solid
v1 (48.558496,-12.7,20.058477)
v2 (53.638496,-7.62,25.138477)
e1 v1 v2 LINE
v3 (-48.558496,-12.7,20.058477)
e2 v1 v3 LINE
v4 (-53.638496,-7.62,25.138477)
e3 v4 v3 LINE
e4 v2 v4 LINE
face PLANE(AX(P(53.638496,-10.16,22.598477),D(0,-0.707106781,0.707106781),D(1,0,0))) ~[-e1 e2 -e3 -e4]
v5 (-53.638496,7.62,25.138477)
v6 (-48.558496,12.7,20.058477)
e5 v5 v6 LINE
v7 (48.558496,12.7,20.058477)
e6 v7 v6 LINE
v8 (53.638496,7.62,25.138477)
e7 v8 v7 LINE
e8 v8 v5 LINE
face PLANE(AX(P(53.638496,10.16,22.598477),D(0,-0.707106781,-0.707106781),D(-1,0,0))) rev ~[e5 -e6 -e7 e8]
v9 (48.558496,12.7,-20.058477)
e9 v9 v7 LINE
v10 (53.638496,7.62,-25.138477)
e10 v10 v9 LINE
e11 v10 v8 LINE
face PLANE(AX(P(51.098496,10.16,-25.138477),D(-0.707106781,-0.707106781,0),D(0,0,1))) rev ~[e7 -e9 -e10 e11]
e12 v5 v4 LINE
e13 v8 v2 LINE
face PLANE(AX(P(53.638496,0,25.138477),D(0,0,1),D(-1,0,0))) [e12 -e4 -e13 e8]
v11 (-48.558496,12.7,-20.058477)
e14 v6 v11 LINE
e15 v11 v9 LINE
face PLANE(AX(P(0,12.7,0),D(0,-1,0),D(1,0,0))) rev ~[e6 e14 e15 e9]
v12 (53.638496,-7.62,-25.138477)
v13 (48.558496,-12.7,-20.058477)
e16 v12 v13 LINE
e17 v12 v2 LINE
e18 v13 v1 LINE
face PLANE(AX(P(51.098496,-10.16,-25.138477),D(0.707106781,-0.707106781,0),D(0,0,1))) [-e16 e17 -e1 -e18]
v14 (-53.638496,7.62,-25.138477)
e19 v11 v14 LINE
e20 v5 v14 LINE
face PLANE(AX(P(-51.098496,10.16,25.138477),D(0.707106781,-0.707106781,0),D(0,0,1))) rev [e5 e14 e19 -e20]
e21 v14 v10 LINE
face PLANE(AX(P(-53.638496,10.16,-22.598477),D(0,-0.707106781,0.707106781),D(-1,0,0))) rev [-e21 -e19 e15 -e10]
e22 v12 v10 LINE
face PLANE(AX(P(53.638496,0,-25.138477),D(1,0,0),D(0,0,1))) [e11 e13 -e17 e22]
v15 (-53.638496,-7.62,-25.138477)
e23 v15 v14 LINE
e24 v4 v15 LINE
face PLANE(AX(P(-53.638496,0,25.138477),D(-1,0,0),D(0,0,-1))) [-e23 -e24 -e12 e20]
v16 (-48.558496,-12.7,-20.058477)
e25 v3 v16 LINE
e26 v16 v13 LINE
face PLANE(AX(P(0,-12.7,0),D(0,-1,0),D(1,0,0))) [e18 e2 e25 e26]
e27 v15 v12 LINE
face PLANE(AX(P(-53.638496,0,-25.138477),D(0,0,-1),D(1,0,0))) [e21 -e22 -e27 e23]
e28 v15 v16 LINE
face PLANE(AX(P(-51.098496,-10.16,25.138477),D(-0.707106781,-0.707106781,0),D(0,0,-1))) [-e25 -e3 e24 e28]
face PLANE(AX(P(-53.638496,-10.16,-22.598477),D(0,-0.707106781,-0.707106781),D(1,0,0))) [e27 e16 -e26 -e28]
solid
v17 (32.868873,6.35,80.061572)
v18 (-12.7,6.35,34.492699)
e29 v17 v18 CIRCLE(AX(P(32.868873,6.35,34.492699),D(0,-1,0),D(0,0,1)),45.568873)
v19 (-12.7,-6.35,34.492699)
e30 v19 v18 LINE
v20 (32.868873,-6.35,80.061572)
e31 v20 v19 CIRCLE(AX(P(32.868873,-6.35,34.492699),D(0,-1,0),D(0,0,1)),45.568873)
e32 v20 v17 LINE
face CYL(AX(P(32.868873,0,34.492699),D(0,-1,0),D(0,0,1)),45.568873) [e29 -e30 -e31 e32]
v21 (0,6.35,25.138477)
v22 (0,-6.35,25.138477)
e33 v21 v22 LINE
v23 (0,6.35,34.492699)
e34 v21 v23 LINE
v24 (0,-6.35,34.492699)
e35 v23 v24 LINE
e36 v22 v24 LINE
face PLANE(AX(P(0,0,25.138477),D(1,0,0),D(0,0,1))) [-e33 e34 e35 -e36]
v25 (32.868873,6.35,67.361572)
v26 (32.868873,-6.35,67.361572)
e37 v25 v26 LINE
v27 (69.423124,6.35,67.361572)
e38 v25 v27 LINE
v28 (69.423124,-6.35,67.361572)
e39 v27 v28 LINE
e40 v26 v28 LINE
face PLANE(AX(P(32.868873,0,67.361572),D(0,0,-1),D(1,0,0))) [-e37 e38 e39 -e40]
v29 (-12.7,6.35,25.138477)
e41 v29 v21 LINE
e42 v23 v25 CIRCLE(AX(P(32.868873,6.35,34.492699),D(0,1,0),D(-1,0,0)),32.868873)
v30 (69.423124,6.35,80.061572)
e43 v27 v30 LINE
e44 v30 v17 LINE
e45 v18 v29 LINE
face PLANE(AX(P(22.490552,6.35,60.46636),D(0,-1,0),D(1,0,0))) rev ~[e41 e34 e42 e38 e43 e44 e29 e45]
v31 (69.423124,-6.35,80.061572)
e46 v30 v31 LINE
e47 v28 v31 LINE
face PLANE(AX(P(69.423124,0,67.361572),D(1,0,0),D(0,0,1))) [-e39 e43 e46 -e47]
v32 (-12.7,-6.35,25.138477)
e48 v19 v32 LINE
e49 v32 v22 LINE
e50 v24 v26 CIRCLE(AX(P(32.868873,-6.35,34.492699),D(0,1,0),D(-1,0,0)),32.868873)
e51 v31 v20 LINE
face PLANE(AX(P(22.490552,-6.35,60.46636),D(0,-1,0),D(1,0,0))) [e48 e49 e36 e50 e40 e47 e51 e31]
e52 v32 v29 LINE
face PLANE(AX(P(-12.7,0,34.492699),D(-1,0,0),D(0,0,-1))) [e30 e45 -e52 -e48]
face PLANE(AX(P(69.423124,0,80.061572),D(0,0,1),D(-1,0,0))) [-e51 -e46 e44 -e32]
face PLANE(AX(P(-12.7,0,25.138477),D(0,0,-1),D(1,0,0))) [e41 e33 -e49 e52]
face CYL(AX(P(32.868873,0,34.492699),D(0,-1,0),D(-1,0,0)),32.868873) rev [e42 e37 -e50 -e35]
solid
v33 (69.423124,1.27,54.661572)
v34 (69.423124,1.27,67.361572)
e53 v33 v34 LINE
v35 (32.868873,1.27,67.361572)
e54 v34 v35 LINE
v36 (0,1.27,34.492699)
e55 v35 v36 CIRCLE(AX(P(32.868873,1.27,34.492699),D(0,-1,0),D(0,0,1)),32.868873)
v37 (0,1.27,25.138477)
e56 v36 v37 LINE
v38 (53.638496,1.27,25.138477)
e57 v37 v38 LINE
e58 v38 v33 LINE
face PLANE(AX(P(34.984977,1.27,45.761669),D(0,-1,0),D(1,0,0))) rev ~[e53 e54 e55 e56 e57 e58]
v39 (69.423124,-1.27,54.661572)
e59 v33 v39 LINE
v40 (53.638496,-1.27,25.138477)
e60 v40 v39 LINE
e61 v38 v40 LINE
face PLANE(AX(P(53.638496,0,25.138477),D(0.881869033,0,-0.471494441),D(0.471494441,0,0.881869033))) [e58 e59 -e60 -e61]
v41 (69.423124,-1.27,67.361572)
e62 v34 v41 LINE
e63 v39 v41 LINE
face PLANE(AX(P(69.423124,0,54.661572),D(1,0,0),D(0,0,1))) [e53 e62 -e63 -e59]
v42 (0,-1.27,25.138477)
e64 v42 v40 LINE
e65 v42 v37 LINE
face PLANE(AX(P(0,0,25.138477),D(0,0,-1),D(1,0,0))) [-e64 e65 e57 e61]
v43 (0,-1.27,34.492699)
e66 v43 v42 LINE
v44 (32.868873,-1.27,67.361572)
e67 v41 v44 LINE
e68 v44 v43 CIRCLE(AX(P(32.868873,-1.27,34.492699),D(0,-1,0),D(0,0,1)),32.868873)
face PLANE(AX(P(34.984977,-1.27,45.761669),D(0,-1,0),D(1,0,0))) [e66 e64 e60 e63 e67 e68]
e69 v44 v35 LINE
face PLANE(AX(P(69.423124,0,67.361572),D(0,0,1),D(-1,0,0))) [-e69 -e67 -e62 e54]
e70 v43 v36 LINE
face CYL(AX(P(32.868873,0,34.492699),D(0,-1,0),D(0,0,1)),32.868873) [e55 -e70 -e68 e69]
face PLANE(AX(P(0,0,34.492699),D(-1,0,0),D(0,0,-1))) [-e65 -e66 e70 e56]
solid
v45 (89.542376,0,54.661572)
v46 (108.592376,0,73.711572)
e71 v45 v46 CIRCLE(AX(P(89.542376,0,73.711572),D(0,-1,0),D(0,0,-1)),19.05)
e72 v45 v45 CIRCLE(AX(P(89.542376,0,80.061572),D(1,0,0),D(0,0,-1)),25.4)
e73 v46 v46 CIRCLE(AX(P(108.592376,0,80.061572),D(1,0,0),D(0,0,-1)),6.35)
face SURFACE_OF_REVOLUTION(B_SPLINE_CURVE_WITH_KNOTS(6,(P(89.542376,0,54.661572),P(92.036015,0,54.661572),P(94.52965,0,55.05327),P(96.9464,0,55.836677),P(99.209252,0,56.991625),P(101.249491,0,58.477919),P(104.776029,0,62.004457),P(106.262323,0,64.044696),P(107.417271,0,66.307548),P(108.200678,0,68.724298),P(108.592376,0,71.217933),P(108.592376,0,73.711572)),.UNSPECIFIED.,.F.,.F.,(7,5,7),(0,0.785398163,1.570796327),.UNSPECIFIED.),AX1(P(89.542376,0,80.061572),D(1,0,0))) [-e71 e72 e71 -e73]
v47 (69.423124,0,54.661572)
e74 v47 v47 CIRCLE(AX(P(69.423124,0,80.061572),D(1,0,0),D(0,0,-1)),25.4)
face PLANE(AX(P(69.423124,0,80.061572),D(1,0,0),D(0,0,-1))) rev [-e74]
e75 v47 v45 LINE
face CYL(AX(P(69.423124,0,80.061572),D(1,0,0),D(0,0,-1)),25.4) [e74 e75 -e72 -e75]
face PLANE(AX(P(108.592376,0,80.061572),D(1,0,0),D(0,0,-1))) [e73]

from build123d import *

# Parameters (mm, degrees)
F1_DEPTH = 12.7
F3_DEPTH = 6.35
F4_DEPTH = 1.27
F5_R     = 19.05
F6_SIZE  = 5.08
F7_SIZE  = 5.08


with BuildPart() as f1:
    # F0 (on Front) → F1 (new body, symmetric)
    with BuildSketch(Plane.XZ):
        Polygon((53.6384955049, -25.1384768635), (53.6384955049, 25.1384768635), (0, 25.1384768635), (-12.7, 25.1384768635), (-53.6384955049, 25.1384768635), (-53.6384955049, -25.1384768635), align=None)
    extrude(amount=F1_DEPTH, both=True)

    # F6
    f6_edges = [f1.edges().sort_by_distance(p)[0] for p in [
        (-53.638496, -12.7, 0),
        (0, -12.7, 25.138477),
        (53.638496, -12.7, 0),
        (0, -12.7, -25.138477),
    ]]
    chamfer(f6_edges, length=F6_SIZE)

    # F7
    f7_edges = [f1.edges().sort_by_distance(p)[0] for p in [
        (0, 12.7, 25.138477),
        (53.638496, 12.7, 0),
        (0, 12.7, -25.138477),
        (-53.638496, 12.7, 0),
    ]]
    chamfer(f7_edges, length=F7_SIZE)


with BuildPart() as f2:
    # F0 (on Front) → F2 (revolve)
    with BuildSketch(Plane.XZ):
        Polygon((69.4231241941, 67.3615719795), (69.4231241941, 54.6615719795), (108.5923761129, 54.6615719795), (108.5923761129, 80.0615719795), (89.0077501535, 80.0615719795), (69.4231241941, 80.0615719795), align=None)
    revolve(axis=Axis((89.0077501535, 0, 80.0615719795), (1, 0, 0)))

    # F5
    f5_edges = [f2.edges().sort_by_distance(p)[0] for p in [
        (108.592376, 0, 105.461572),
    ]]
    fillet(f5_edges, radius=F5_R)


with BuildPart() as f3:
    # F0 (on Front) → F3 (new body, symmetric)
    with BuildSketch(Plane.XZ):
        with BuildLine():
            Line((-12.7, 25.1384768635), (0, 25.1384768635))
            Line((0, 25.1384768635), (0, 34.4926992388))
            ThreePointArc((0, 34.4926992388), (9.6270699358, 57.7345020437), (32.8688727407, 67.3615719795))
            Line((32.8688727407, 67.3615719795), (69.4231241941, 67.3615719795))
            Line((69.4231241941, 67.3615719795), (69.4231241941, 80.0615719795))
            Line((69.4231241941, 80.0615719795), (32.8688727407, 80.0615719795))
            ThreePointArc((32.8688727407, 80.0615719795), (0.6468138147, 66.7147581648), (-12.7, 34.4926992388))
            Line((-12.7, 34.4926992388), (-12.7, 25.1384768635))
        make_face()
    extrude(amount=F3_DEPTH, both=True)


with BuildPart() as f4:
    # F0 (on Front) → F4 (new body, symmetric)
    with BuildSketch(Plane.XZ):
        with BuildLine():
            Line((0, 25.1384768635), (53.6384955049, 25.1384768635))
            Line((53.6384955049, 25.1384768635), (69.4231241941, 54.6615719795))
            Line((69.4231241941, 54.6615719795), (69.4231241941, 67.3615719795))
            Line((69.4231241941, 67.3615719795), (32.8688727407, 67.3615719795))
            ThreePointArc((32.8688727407, 67.3615719795), (9.6270699358, 57.7345020437), (0, 34.4926992388))
            Line((0, 34.4926992388), (0, 25.1384768635))
        make_face()
    extrude(amount=F4_DEPTH, both=True)


solid = Compound([f1.part, f2.part, f3.part, f4.part])
